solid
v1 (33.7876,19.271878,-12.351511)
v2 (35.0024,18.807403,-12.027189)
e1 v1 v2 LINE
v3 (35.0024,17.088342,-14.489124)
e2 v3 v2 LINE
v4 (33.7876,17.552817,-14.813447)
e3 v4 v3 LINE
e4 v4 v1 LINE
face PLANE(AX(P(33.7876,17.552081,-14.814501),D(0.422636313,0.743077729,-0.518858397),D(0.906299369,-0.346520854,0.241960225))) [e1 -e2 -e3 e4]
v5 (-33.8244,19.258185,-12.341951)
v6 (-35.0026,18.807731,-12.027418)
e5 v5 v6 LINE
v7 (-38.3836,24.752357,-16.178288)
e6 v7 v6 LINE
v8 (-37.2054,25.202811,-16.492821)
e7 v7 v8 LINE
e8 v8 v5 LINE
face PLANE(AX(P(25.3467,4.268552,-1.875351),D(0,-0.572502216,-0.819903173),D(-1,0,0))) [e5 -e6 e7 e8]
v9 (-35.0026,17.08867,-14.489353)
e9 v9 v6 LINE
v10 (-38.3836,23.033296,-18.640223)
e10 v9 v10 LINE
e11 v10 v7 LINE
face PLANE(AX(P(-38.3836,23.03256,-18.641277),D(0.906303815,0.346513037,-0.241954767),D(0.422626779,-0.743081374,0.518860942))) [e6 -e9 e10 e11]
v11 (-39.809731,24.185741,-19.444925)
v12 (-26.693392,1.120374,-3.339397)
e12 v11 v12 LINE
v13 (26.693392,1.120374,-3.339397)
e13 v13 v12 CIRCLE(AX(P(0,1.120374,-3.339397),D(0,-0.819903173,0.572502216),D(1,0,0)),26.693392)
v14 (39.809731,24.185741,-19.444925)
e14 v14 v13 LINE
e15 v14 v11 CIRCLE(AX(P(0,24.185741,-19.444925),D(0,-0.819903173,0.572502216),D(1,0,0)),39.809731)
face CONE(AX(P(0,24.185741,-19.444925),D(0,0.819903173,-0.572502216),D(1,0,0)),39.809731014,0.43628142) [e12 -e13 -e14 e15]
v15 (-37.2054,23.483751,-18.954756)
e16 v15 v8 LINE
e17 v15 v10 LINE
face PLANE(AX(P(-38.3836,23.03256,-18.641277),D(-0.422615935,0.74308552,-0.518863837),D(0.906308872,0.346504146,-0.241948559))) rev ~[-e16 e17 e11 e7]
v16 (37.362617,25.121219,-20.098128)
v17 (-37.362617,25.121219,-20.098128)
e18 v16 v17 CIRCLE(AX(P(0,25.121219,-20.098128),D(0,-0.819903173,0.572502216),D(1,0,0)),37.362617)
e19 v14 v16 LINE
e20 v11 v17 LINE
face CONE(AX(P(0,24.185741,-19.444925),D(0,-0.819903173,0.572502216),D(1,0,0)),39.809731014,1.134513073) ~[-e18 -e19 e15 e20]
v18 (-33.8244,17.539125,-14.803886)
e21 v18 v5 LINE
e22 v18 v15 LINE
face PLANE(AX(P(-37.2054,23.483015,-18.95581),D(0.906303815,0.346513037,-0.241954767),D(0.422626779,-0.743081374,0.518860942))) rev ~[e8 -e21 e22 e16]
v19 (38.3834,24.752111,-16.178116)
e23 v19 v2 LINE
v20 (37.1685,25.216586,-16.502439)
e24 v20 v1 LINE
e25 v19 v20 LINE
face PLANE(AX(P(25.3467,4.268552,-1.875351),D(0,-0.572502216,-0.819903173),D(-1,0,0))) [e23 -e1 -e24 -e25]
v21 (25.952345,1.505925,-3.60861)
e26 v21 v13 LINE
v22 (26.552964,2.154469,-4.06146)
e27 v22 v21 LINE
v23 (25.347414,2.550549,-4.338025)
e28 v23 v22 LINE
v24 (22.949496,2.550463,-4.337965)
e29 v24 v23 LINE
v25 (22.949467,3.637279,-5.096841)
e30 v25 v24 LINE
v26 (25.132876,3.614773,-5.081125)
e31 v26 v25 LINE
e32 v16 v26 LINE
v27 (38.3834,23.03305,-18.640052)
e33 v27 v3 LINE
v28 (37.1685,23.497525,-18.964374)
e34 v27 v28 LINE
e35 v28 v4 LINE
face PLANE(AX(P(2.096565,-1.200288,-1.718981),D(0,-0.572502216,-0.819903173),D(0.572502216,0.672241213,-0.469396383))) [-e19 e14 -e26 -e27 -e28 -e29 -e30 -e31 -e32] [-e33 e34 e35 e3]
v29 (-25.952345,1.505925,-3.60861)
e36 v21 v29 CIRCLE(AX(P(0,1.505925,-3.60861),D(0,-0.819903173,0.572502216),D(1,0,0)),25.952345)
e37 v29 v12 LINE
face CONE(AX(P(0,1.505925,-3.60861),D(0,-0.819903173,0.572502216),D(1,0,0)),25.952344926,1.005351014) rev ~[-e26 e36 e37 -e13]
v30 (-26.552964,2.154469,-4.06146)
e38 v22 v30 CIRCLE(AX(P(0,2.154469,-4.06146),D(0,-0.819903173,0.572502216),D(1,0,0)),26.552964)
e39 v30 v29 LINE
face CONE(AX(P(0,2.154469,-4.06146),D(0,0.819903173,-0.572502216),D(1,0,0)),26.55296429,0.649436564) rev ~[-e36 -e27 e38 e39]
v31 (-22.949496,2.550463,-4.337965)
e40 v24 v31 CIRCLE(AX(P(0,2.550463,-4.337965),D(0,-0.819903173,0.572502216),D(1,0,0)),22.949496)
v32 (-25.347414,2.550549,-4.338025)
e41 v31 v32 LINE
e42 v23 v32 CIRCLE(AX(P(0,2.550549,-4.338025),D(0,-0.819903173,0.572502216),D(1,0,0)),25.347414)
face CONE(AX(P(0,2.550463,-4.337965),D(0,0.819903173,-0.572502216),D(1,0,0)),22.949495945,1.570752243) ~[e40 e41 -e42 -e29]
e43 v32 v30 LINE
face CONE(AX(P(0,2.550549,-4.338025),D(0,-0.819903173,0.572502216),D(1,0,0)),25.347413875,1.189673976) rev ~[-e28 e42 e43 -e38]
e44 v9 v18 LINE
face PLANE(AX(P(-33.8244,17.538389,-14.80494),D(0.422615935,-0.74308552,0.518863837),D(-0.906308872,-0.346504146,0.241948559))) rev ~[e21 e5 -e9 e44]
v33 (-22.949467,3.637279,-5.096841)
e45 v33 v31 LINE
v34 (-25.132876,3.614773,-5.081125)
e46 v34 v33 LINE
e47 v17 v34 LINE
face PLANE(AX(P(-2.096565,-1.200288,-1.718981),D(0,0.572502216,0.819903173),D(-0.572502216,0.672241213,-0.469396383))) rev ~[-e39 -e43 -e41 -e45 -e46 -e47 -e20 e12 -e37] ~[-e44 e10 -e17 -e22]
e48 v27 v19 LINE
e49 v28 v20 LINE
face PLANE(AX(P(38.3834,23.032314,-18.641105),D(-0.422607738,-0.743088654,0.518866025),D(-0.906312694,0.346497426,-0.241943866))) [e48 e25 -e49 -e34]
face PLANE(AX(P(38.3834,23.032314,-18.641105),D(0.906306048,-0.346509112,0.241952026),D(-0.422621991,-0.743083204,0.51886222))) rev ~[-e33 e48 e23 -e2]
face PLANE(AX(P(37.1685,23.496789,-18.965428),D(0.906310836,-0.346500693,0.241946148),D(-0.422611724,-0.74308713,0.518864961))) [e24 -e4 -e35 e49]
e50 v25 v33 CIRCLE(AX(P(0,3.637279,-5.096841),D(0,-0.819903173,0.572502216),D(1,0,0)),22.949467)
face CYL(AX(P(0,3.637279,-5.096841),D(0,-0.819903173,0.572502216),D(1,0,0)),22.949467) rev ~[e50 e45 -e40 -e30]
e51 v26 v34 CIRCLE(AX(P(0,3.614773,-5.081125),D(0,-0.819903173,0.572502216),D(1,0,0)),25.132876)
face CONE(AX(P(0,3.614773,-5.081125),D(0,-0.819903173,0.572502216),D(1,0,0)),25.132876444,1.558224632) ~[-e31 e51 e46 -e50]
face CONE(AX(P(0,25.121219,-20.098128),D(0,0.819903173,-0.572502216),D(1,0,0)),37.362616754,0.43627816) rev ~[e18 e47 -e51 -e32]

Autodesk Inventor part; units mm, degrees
ref_plane "YZ Plane" through (0, 0, 0) normal (1, 0, 0) x (0, 1, 0)
ref_plane "XZ Plane" through (0, 0, 0) normal (0, 1, 0) x (-1, 0, 0)
ref_plane "XY Plane" through (0, 0, 0) normal (0, 0, 1) x (1, 0, 0)
sketch "Sketch68" plane through (0, 0, 0) normal (1, 0, 0) x (0, 1, 0)
  line L0 (1, 4.6737) -> (23, 4.6737) construction
  line L1 (7.0021, -2.9903) -> (-7.0029, -0.0135)
  line L2 (7.2385, 26.8729) -> (5.7713, 27.1847)
  line L3 (2.4565, 4.3755) -> (1, 4.6737)
  line L4 (5.7713, 27.1847) -> (1, 4.6737)
  line L5 (7.2385, 26.8729) -> (2.4565, 4.3755)
  point P0 (0, 0)
  point P1 (2.225, 5.1772)
sketch "Sketch184" plane through (0, 0, 0) normal (1, 0, 0) x (0, 1, 0)
  arc A0 (-3.5, -3.0972) -> (0, -1.6204) centre (-4.281, 3.6397) ccw
  arc A1 (0, -1.6204) -> (2.2822, 2) centre (-4.3557, 3.6547) ccw
  arc A2 (2.2822, 2) -> (2.459, 4.3851) centre (-8.8285, 4.0231) ccw
  arc A3 (2.459, 4.3851) -> (2.3883, 6) centre (-72.7121, 1.9029) ccw
  line L0 (-3.5, -3.0972) -> (-3.5, -3.6807) projected
  arc A4 (2.3883, 6) -> (-3.5, -3.0972) centre (8.6947, -4.5362) ccw
  point P0 (0, 0)
sketch "Sketch213" plane through (0, 0, 0) normal (1, 0, 0) x (0, 1, 0)
  line L0 (13.3414, -11.8728) -> (-10.8201, 5)
  line L1 (46.9769, 13.1952) -> (16.4024, 18.5466)
  line L2 (-14, -25) -> (0.7357, -50.4491)
  line L3 (0.7357, -50.4491) -> (1.9473, -49.7476)
  line L4 (1.9473, -49.7476) -> (-11.7207, -26.1425)
  line L5 (-11.7207, -26.1425) -> (-10, -24)
  line L6 (-10, -24) -> (-10.853, -23.4043)
  line L7 (-10.853, -23.4043) -> (-11.992, -25.0353)
  line L8 (-11.992, -25.0353) -> (-13.0313, -25.7169)
  line L9 (-13.0313, -25.7169) -> (-11.992, -25.0353) projected
  line L10 (-13.0313, -25.7169) -> (-12.7653, -23.856)
  line L11 (-12.7653, -23.856) -> (-14, -25)
  line L12 (46.5114, 10.5356) -> (18.0034, 15.5254)
  line L13 (18.0034, 15.5254) -> (16.7759, 13.7195)
  line L14 (16.7759, 13.7195) -> (15.6891, 14.4784)
  line L15 (-11.992, -25.0353) -> (16.9748, 16.4444) projected
  line L16 (15.6891, 14.4784) -> (17.062, 16.4444)
  line L17 (17.062, 16.4444) -> (17.3561, 17.7094)
  line L18 (17.3561, 17.7094) -> (16.3637, 17.6698)
  line L19 (16.3637, 17.6698) -> (16.4024, 18.5466)
  line L20 (46.9769, 13.1952) -> (46.5114, 10.5356)
  point P0 (0, 0)
  point P1 (3.3399, -2.2736)
  point P2 (-1.2043, -8.7808)
  dimension "d600" = 1.4
  dimension "d601" = 2.7
  dimension "d603" = 1.265
revolve "Revolution5" add sketch "Sketch213" angle 180 mid plane about axis through (0, 13.3414, -11.8728) along (0, -0.8199, 0.5725) contours L20 L12 L13 L14 L16 L17 L18 L19 L1
sketch "Sketch214" plane through (25.3467, 2.5499, -4.3367) normal (0, -0.5725, -0.8199) x (-1, 0, 0)
  line L0 (-13.0367, 24.9829) -> (-11.8218, 25.5494)
  line L1 (-12.0166, 27.5278) -> (-14.4637, 26.3867) projected
  line L2 (-13.0367, 24.9829) -> (-9.6557, 17.7324)
  line L3 (-11.8218, 25.5494) -> (-8.4409, 18.2989)
  line L4 (-8.4409, 18.2989) -> (-9.6557, 17.7324)
  line L5 (-14.4637, 26.3867) -> (-1.3459, -1.7444) projected
  line L6 (69, 30) -> (69, 11.3718) construction
  line L7 (62.5521, 25.5326) -> (59.1711, 18.2822)
  line L8 (63.7303, 24.9832) -> (62.5521, 25.5326)
  line L9 (63.7303, 24.9832) -> (60.3493, 17.7328)
  line L10 (59.1711, 18.2822) -> (60.3493, 17.7328)
  line L11 (65.1571, 26.3867) -> (62.7101, 27.5278) projected
  line L12 (62.7101, 27.5278) -> (50.4789, 1.298) projected
  line L13 (52.0393, -1.7444) -> (65.1571, 26.3867) projected
  point P0 (25.3467, -4.5735)
  dimension "d606" = 0
  dimension "d612" = 1.875
  dimension "d613" = 8
  dimension "d614" = 0.7
  dimension "d615" = 0.7
extrude "Extrusion162" cut sketch "Sketch214" against normal blind 3
properties part number "A1_V1_M2_dropArm_WOK_meso_tall_VIS_lft"
